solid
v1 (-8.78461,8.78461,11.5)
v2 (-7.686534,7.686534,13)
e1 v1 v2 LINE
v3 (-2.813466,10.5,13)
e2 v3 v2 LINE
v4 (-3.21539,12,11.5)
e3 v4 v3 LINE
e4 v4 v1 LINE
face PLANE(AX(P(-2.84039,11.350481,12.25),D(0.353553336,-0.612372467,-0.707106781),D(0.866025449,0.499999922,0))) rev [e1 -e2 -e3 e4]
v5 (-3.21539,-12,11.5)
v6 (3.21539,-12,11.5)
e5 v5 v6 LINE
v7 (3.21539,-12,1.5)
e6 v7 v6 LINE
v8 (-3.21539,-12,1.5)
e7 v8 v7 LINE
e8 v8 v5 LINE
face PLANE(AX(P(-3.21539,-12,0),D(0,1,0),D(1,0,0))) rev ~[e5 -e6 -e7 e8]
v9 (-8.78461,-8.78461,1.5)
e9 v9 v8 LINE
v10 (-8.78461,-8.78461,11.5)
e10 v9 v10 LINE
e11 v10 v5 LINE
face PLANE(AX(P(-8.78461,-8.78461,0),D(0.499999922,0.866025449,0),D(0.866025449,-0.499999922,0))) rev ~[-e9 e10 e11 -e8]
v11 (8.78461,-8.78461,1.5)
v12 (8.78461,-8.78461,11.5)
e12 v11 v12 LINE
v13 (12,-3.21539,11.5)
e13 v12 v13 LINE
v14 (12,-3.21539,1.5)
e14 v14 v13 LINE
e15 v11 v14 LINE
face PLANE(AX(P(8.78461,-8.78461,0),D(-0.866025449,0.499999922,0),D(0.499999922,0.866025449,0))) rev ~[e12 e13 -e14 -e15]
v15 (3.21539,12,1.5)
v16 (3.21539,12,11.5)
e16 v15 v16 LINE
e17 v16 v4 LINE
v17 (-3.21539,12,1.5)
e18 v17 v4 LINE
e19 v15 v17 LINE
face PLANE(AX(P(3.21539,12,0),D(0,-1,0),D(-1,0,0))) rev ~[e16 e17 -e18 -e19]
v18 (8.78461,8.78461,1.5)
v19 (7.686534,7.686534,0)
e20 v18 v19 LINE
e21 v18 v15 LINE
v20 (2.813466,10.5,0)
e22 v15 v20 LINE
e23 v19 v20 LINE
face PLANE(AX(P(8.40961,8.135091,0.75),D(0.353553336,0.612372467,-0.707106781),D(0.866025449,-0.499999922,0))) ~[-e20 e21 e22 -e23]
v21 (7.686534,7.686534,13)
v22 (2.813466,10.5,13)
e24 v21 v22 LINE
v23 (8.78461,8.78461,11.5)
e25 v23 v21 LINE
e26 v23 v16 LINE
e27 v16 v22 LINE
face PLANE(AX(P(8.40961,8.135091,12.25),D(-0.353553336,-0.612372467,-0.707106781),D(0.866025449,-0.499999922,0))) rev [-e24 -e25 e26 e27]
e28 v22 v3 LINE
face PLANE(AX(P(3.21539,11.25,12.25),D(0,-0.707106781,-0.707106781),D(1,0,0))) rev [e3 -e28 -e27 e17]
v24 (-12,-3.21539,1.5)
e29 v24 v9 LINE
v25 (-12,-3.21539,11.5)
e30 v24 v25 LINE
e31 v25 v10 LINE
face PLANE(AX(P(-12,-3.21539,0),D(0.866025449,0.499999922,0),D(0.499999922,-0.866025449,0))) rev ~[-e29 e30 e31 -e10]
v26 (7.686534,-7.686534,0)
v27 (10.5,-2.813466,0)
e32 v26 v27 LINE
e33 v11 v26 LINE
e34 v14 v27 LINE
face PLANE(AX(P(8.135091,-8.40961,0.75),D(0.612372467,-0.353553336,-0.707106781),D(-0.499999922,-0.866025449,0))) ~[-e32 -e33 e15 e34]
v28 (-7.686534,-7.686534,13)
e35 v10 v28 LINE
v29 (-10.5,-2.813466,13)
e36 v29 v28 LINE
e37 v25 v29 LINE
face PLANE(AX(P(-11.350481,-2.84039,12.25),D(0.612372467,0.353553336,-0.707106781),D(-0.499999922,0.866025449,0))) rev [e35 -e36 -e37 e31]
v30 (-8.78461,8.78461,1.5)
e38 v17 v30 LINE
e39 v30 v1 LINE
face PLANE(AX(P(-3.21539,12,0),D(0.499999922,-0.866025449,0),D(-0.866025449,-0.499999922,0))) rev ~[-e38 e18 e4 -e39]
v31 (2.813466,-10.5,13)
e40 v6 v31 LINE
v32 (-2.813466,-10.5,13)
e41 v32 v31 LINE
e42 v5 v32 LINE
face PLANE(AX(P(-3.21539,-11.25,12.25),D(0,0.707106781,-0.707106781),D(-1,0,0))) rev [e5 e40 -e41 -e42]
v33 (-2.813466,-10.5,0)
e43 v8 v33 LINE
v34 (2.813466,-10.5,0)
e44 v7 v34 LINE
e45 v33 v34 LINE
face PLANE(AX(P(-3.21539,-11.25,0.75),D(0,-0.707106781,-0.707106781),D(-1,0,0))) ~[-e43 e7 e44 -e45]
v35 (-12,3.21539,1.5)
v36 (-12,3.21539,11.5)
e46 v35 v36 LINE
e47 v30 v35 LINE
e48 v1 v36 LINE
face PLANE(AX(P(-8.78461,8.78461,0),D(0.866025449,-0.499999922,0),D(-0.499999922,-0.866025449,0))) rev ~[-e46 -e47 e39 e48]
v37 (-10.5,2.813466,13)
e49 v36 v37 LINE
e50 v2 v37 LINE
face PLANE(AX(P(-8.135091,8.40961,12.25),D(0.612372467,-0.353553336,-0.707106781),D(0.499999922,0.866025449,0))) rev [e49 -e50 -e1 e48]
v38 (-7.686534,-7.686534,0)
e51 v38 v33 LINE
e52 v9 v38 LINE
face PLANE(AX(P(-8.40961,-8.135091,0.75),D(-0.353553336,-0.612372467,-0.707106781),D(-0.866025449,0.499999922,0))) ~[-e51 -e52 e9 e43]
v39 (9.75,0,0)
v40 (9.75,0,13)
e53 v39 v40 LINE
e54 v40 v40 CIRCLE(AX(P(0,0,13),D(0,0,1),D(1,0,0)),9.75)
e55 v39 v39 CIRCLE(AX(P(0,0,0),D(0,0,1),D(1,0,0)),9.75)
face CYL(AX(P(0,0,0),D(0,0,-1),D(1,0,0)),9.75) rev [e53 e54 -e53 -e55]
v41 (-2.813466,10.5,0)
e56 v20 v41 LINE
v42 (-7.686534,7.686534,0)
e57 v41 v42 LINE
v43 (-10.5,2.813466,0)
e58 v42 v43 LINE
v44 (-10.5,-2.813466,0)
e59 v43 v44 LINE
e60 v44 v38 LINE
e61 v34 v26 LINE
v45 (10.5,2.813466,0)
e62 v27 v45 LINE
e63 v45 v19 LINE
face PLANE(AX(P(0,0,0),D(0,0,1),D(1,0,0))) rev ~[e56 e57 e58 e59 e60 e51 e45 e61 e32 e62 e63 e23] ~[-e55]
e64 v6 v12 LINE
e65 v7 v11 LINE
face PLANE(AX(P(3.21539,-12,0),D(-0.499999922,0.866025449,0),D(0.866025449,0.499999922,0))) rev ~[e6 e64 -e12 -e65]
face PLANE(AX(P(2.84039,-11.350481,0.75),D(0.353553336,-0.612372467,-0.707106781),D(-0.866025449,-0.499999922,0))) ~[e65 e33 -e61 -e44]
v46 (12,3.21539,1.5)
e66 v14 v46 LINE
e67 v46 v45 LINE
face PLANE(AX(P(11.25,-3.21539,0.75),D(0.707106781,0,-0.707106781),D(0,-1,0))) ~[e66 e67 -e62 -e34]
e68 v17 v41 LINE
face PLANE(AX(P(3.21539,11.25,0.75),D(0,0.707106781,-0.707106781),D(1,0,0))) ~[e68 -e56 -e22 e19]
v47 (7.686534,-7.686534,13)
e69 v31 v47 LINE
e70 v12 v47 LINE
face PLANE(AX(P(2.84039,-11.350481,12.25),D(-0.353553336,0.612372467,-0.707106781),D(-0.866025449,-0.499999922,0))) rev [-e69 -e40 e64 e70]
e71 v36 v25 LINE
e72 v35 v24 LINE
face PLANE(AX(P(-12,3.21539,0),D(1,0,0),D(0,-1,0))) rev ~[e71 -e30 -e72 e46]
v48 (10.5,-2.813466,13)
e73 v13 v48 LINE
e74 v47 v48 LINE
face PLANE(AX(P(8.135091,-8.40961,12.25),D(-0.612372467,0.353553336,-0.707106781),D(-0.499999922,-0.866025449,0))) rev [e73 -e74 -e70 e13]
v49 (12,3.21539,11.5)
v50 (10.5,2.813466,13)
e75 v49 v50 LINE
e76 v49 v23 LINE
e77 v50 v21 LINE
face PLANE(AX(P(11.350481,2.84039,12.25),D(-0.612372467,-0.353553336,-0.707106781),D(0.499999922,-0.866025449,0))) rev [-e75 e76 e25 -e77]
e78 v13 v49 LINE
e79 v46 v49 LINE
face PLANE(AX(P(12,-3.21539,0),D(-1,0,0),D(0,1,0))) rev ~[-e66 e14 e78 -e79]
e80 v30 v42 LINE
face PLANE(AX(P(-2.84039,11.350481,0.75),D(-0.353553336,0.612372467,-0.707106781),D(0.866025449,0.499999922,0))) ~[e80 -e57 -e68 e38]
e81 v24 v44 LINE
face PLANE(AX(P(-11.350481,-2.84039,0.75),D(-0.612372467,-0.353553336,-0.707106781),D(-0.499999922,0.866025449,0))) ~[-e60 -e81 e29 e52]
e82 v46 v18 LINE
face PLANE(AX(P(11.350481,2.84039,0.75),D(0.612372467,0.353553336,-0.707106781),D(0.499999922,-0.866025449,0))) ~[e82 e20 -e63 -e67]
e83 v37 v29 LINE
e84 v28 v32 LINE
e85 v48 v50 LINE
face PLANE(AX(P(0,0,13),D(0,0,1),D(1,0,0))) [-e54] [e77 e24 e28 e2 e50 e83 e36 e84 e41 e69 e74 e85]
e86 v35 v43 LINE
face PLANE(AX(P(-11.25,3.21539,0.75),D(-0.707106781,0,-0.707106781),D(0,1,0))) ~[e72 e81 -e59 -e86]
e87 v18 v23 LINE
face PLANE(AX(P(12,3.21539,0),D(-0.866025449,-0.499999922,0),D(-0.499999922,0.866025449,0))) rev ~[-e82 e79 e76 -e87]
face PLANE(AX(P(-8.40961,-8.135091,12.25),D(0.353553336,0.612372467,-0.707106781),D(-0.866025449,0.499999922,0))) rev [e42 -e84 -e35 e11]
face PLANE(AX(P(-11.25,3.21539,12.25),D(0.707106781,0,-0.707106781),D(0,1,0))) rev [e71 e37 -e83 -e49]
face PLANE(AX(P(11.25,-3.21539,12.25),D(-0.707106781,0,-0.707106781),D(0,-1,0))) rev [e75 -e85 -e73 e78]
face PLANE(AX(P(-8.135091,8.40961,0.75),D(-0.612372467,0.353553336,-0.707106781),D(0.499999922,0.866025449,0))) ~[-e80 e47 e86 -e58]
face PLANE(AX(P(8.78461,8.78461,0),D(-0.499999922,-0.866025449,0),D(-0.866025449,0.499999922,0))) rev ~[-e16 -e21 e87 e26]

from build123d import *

# Parameters (mm, degrees)
F0_R     = 9.75
F1_DEPTH = 13
F2_SIZE  = 1.5


with BuildPart() as f1:
    # F0 (on Top) → F1 (new body)
    with BuildSketch(Plane.XY):
        Polygon((12, -3.21539), (12, 3.21539), (8.78461, 8.78461), (3.21539, 12), (-3.21539, 12), (-8.78461, 8.78461), (-12, 3.21539), (-12, -3.21539), (-8.78461, -8.78461), (-3.21539, -12), (3.21539, -12), (8.78461, -8.78461), align=None)
        Circle(F0_R, mode=Mode.SUBTRACT)
    extrude(amount=F1_DEPTH)

    # F2
    f2_edges = [f1.edges().sort_by_distance(p)[0] for p in [
        (6, -10.392305, 13),
        (10.392305, -6, 13),
        (12, 0, 13),
        (10.392305, 6, 13),
        (6, 10.392305, 13),
        (0, 12, 13),
        (-6, 10.392305, 13),
        (-10.392305, 6, 13),
        (-12, 0, 13),
        (-10.392305, -6, 13),
        (-6, -10.392305, 13),
        (0, -12, 13),
        (12, 0, 0),
        (10.392305, 6, 0),
        (6, 10.392305, 0),
        (0, 12, 0),
        (-6, 10.392305, 0),
        (-10.392305, 6, 0),
        (-12, 0, 0),
        (-10.392305, -6, 0),
        (-6, -10.392305, 0),
        (0, -12, 0),
        (6, -10.392305, 0),
        (10.392305, -6, 0),
    ]]
    chamfer(f2_edges, length=F2_SIZE)


solid = f1.part
